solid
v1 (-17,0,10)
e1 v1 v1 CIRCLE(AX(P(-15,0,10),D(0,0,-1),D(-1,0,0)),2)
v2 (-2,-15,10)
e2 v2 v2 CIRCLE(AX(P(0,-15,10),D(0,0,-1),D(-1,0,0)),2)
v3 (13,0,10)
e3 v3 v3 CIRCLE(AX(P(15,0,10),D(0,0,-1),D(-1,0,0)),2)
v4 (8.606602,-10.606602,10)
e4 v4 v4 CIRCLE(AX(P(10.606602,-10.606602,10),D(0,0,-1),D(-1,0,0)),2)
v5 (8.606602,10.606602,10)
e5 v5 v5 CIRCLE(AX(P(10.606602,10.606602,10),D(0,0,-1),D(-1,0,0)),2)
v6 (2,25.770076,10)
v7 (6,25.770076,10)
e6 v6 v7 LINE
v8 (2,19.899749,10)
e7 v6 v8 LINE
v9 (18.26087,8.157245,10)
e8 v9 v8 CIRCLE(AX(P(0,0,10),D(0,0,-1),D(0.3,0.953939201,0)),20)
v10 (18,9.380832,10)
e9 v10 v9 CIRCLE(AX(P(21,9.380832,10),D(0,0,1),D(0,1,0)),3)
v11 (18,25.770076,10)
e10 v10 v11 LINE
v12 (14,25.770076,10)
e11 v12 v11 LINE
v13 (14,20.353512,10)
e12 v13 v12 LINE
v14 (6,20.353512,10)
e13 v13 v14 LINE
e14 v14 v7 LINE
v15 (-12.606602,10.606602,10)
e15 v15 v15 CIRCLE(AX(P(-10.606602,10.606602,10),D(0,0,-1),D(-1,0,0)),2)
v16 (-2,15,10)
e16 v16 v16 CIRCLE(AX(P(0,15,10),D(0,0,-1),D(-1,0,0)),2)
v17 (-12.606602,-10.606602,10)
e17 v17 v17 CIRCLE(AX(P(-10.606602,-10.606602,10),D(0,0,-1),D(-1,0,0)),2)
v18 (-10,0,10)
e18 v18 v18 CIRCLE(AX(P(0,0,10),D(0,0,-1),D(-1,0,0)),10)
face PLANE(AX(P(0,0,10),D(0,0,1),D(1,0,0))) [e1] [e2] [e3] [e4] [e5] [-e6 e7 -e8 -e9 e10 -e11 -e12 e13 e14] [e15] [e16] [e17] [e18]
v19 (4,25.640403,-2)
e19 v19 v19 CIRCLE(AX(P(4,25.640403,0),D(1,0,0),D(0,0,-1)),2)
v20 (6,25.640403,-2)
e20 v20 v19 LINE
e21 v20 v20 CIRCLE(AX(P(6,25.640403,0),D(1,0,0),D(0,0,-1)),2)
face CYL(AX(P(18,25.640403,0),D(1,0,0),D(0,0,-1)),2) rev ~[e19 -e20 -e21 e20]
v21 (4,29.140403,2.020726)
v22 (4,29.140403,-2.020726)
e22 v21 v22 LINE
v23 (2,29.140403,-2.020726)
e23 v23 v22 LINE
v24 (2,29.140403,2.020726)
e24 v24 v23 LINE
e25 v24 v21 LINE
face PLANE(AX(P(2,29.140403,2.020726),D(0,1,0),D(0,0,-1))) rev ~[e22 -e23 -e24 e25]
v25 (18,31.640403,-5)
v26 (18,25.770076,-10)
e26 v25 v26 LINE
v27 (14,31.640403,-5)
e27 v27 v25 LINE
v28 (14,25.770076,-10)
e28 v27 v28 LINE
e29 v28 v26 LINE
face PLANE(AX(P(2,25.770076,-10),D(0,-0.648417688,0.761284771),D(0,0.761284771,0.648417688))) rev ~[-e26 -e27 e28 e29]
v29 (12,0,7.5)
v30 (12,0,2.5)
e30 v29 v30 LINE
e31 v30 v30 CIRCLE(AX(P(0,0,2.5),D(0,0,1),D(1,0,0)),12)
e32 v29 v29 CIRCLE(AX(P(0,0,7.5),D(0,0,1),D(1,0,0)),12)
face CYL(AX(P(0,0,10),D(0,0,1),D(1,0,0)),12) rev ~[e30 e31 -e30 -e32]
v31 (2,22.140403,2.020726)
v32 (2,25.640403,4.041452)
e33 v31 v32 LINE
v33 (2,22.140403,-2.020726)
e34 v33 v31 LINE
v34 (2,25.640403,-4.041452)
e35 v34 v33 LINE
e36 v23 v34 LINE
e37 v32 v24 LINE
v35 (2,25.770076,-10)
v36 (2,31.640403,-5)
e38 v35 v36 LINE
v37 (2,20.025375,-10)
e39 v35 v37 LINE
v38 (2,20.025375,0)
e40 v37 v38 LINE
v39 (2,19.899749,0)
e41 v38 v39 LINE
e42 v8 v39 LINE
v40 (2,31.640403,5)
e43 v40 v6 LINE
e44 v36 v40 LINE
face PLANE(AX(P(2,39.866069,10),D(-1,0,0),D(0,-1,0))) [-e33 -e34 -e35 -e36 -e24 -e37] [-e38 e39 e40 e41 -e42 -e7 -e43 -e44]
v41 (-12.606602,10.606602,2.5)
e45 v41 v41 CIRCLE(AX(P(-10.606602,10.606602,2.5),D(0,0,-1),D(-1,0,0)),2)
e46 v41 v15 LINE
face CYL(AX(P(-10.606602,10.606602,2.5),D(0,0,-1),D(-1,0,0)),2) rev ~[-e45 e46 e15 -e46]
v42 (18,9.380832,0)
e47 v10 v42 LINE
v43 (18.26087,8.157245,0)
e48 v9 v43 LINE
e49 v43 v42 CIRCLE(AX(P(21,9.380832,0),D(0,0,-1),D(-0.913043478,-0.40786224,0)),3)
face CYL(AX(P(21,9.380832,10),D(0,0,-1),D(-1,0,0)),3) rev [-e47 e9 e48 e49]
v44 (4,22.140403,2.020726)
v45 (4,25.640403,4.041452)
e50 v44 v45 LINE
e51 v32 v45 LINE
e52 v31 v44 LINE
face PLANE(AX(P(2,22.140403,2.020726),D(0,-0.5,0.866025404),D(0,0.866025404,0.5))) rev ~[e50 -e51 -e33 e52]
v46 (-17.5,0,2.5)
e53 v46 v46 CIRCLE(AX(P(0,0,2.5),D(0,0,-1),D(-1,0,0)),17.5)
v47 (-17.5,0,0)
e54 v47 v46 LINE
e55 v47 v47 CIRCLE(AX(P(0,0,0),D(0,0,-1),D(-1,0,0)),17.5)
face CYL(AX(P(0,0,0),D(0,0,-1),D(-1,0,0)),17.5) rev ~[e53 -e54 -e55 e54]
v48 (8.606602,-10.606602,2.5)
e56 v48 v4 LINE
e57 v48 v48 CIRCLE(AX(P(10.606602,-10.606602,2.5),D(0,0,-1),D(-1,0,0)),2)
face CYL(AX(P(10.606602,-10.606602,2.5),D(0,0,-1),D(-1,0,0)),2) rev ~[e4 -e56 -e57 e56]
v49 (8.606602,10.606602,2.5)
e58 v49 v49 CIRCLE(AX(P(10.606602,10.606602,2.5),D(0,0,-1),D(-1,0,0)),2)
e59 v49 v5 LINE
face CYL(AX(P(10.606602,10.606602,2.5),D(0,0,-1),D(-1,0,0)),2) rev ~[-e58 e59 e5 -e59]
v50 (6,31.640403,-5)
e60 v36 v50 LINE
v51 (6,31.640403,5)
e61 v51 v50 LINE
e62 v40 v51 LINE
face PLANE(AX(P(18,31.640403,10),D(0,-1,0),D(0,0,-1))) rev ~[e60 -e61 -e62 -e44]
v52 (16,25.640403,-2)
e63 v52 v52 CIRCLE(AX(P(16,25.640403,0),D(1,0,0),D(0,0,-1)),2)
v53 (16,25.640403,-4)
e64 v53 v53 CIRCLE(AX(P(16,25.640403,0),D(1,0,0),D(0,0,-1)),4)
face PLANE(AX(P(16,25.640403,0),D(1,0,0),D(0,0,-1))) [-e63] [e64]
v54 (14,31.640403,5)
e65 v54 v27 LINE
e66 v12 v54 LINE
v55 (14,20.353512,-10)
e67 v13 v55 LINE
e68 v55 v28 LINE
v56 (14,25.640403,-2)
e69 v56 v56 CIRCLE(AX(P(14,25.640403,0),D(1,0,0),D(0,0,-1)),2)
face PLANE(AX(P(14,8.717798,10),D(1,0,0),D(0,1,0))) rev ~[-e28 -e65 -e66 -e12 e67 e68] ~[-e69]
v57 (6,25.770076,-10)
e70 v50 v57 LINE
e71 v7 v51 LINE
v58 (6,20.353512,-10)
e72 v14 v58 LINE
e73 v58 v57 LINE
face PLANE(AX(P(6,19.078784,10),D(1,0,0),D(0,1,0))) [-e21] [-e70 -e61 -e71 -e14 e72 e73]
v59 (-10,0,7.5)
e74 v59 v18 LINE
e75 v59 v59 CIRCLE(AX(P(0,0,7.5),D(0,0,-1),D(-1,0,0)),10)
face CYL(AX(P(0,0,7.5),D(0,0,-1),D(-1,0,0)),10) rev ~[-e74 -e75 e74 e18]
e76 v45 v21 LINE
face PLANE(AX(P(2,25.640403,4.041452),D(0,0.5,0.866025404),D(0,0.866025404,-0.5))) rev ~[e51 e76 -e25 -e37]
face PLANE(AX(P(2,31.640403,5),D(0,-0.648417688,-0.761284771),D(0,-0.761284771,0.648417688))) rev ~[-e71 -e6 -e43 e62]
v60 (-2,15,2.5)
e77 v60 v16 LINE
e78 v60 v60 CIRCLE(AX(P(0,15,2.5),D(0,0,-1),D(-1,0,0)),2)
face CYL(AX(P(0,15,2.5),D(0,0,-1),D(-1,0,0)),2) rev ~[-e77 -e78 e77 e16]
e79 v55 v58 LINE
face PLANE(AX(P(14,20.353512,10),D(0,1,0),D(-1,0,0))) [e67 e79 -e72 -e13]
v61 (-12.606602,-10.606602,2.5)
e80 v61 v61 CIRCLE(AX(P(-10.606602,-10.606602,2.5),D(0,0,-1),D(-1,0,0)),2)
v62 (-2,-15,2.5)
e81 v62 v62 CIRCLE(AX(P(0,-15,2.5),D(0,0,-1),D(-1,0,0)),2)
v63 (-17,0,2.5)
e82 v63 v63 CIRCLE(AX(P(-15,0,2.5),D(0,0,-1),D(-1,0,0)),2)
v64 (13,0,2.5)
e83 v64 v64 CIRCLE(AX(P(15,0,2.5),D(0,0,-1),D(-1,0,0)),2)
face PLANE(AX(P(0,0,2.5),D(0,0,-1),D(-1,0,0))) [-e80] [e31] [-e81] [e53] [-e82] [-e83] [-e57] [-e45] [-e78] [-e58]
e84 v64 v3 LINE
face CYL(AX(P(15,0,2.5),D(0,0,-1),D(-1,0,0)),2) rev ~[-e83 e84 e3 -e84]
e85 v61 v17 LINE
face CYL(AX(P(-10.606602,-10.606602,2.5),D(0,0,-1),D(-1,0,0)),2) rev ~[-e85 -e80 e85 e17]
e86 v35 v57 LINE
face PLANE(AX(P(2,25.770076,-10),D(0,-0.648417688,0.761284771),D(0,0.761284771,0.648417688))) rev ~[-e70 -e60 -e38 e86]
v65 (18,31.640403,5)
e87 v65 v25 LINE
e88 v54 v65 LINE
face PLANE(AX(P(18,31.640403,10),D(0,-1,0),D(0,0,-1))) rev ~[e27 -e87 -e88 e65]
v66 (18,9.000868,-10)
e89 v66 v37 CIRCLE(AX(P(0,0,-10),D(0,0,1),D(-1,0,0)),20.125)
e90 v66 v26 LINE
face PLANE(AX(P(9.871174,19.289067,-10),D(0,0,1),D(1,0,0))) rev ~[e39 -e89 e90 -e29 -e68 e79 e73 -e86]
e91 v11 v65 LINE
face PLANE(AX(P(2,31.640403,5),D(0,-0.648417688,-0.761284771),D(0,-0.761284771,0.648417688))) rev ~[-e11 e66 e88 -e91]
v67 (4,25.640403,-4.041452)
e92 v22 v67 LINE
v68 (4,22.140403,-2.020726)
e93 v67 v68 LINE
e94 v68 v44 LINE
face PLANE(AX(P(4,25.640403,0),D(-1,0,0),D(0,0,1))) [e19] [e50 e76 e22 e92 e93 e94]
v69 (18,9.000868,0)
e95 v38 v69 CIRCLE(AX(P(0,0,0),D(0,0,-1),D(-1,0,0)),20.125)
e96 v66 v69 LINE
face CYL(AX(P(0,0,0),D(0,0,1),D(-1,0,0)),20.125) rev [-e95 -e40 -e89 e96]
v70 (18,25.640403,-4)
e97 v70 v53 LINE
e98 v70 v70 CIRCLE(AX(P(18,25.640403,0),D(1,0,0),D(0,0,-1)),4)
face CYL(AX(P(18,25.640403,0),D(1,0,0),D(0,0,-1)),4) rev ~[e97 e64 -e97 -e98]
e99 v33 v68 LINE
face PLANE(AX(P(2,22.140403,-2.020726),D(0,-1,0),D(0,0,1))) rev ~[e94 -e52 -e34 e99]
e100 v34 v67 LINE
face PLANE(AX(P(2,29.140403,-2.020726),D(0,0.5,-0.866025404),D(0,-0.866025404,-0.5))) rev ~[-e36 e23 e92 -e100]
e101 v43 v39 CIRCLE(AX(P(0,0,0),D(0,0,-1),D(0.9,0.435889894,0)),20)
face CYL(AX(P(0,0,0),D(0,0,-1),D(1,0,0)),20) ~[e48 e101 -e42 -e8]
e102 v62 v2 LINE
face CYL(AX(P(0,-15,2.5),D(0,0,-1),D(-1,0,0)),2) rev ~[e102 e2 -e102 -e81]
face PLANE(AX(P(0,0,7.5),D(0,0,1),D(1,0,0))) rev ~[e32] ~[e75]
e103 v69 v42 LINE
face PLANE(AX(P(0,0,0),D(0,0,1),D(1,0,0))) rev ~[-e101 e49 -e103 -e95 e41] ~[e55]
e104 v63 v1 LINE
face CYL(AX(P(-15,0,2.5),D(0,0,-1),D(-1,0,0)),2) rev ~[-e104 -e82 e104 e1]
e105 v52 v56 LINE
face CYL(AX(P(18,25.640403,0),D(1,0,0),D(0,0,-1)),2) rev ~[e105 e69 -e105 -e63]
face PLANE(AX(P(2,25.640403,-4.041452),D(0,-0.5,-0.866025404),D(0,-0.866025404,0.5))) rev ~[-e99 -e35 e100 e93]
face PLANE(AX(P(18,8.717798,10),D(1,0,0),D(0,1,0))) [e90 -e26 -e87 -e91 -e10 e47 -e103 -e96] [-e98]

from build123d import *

# Parameters (mm, degrees)
SKETCH1_R               = 20
SKETCH1_R_2             = 15
BOSS_EXTRUDE1_DEPTH     = 10
BOSS_EXTRUDE2_DEPTH     = 20
SKETCH3_W               = 4
SKETCH3_H               = 31.92260483
BOSS_EXTRUDE4_DEPTH     = 20
BOSS_EXTRUDE5_DEPTH     = 20
SKETCH4_R               = 20
CUT_EXTRUDE1_DEPTH      = 11
CUT_EXTRUDE2_DEPTH      = 39
CUT_EXTRUDE3_DEPTH      = 39
SKETCH8_R               = 2
CUT_EXTRUDE4_DEPTH      = 39
FILLET4_R               = 3
SKETCH9_W               = 21.007104118
SKETCH9_H               = 10.314289307
CUT_EXTRUDE5_DEPTH      = 3
CUT_EXTRUDE5_DEPTH_BACK = 39
CUT_EXTRUDE6_DEPTH      = 19
CUT_EXTRUDE7_DEPTH      = 19
SKETCH12_R              = 4
CUT_EXTRUDE8_DEPTH      = 2
CUT_EXTRUDE9_DEPTH      = 2
BOSS_EXTRUDE7_DEPTH     = 20
SKETCH19_R              = 20.125
CUT_EXTRUDE11_DEPTH     = 11
SKETCH20_R              = 15
SKETCH20_R_2            = 12
BOSS_EXTRUDE8_DEPTH     = 10
SKETCH21_R              = 12
BOSS_EXTRUDE9_DEPTH     = 2.5
SKETCH22_R              = 10
CUT_EXTRUDE12_DEPTH     = 2.5
SKETCH23_R              = 17.5
CUT_EXTRUDE13_DEPTH     = 2.5
SKETCH24_R              = 2
CUT_EXTRUDE14_DEPTH     = 8.5


with BuildPart() as part:
    # Sketch1 → Boss-Extrude1 (new body)
    with BuildSketch(Plane.XY):
        Circle(SKETCH1_R)
        Circle(SKETCH1_R_2, mode=Mode.SUBTRACT)
    extrude(amount=BOSS_EXTRUDE1_DEPTH)

    # Sketch2 → Boss-Extrude2 (add)
    with BuildSketch(Plane.XY.offset(10)):
        with BuildLine():
            Line((2, 39.866068747), (2, 19.899748742))
            ThreePointArc((2, 19.899748742), (4.02100681, 19.591618214), (6, 19.078784028))
            Line((6, 19.078784028), (6, 39.866068747))
            Line((6, 39.866068747), (2, 39.866068747))
        make_face()
    extrude(amount=-BOSS_EXTRUDE2_DEPTH)

    # Sketch3 → Boss-Extrude4 (add)
    with BuildSketch(Plane.XY.offset(10)):
        with Locations((16, 24.679100302)):
            Rectangle(SKETCH3_W, SKETCH3_H)
    extrude(amount=-BOSS_EXTRUDE4_DEPTH)

    # Sketch5 → Boss-Extrude5 (add)
    with BuildSketch(Plane.XY.offset(10)):
        Polygon((14, 20.353512461), (10.603962903, 16.957475365), (14, 14.282856857), align=None)
    extrude(amount=-BOSS_EXTRUDE5_DEPTH)

    # Sketch4 → Cut-Extrude1 (cut, through all)
    with BuildSketch(Plane(origin=(0, 0, 0), x_dir=(-1, 0, 0), z_dir=(0, 0, -1))):
        Circle(SKETCH4_R)
    extrude(amount=CUT_EXTRUDE1_DEPTH, mode=Mode.SUBTRACT)

    # Sketch6 → Cut-Extrude2 (cut, through all)
    with BuildSketch(Plane(origin=(18, 0, 0), x_dir=(0, 0, -1), z_dir=(1, 0, 0))):
        Polygon((-10, 40.640402717), (-6, 40.640402717), (-10, 36.640402717), align=None)
    extrude(amount=-CUT_EXTRUDE2_DEPTH, mode=Mode.SUBTRACT)

    # Sketch7 → Cut-Extrude3 (cut, through all)
    with BuildSketch(Plane(origin=(18, 0, 0), x_dir=(0, 0, -1), z_dir=(1, 0, 0))):
        Polygon((10, 40.640402717), (6, 40.640402717), (10, 36.640402717), align=None)
    extrude(amount=-CUT_EXTRUDE3_DEPTH, mode=Mode.SUBTRACT)

    # Sketch8 → Cut-Extrude4 (cut, through all)
    with BuildSketch(Plane(origin=(18, 0, 0), x_dir=(0, 0, -1), z_dir=(1, 0, 0))):
        with Locations((0, 25.640402717)):
            Circle(SKETCH8_R)
    extrude(amount=-CUT_EXTRUDE4_DEPTH, mode=Mode.SUBTRACT)

    # Fillet4
    fillet4_edges = [part.edges().sort_by_distance(p)[0] for p in [
        (18, 8.717797887, 5),
    ]]
    fillet(fillet4_edges, radius=FILLET4_R)

    # Sketch9 → Cut-Extrude5 (cut, two sides)
    with BuildSketch(Plane(origin=(18, 0, 0), x_dir=(0, 0, -1), z_dir=(1, 0, 0))) as cut_extrude5_sk:
        with Locations((0.503552059, 36.79754737)):
            Rectangle(SKETCH9_W, SKETCH9_H)
    extrude(amount=CUT_EXTRUDE5_DEPTH, mode=Mode.SUBTRACT)
    extrude(cut_extrude5_sk.sketch, amount=-CUT_EXTRUDE5_DEPTH_BACK, mode=Mode.SUBTRACT)

    # Sketch10 → Cut-Extrude6 (cut, through all)
    with BuildSketch(Plane.ZY.offset(-2)):
        Polygon((10, 31.640402717), (5, 31.640402717), (10, 25.770075729), align=None)
    extrude(amount=-CUT_EXTRUDE6_DEPTH, mode=Mode.SUBTRACT)

    # Sketch11 → Cut-Extrude7 (cut, through all)
    with BuildSketch(Plane.ZY.offset(-2)):
        Polygon((-10, 31.640402717), (-10, 25.770075729), (-5, 31.640402717), align=None)
    extrude(amount=-CUT_EXTRUDE7_DEPTH, mode=Mode.SUBTRACT)

    # Sketch12 → Cut-Extrude8 (cut)
    with BuildSketch(Plane(origin=(18, 0, 0), x_dir=(0, 0, -1), z_dir=(1, 0, 0))):
        with Locations((0, 25.640402717)):
            Circle(SKETCH12_R)
    extrude(amount=-CUT_EXTRUDE8_DEPTH, mode=Mode.SUBTRACT)

    # Sketch13 → Cut-Extrude9 (cut)
    with BuildSketch(Plane.ZY.offset(-2)):
        Polygon((4.041451884, 25.640402717), (2.020725942, 29.140402717), (-2.020725942, 29.140402717), (-4.041451884, 25.640402717), (-2.020725942, 22.140402717), (2.020725942, 22.140402717), align=None)
    extrude(amount=-CUT_EXTRUDE9_DEPTH, mode=Mode.SUBTRACT)

    # Sketch16 → Boss-Extrude7 (add)
    with BuildSketch(Plane.XY.offset(10)):
        with BuildLine():
            Line((14, 20.353512461), (6, 20.353512461))
            Line((6, 20.353512461), (6, 19.078784028))
            ThreePointArc((6, 19.078784028), (8.369461371, 18.164584123), (10.603962903, 16.957475365))
            Line((10.603962903, 16.957475365), (14, 20.353512461))
        make_face()
    extrude(amount=-BOSS_EXTRUDE7_DEPTH)

    # Sketch19 → Cut-Extrude11 (cut, through all)
    with BuildSketch(Plane(origin=(0, 0, 0), x_dir=(-1, 0, 0), z_dir=(0, 0, -1))):
        Circle(SKETCH19_R)
    extrude(amount=CUT_EXTRUDE11_DEPTH, mode=Mode.SUBTRACT)

    # Sketch20 → Boss-Extrude8 (add)
    with BuildSketch(Plane.XY.offset(10)):
        Circle(SKETCH20_R)
        Circle(SKETCH20_R_2, mode=Mode.SUBTRACT)
    extrude(amount=-BOSS_EXTRUDE8_DEPTH)

    # Sketch21 → Boss-Extrude9 (add)
    with BuildSketch(Plane.XY.offset(10)):
        Circle(SKETCH21_R)
    extrude(amount=-BOSS_EXTRUDE9_DEPTH)

    # Sketch22 → Cut-Extrude12 (cut)
    with BuildSketch(Plane(origin=(0, 0, 7.5), x_dir=(-1, 0, 0), z_dir=(0, 0, -1))):
        Circle(SKETCH22_R)
    extrude(amount=-CUT_EXTRUDE12_DEPTH, mode=Mode.SUBTRACT)

    # Sketch23 → Cut-Extrude13 (cut)
    with BuildSketch(Plane(origin=(0, 0, 0), x_dir=(-1, 0, 0), z_dir=(0, 0, -1))):
        Circle(SKETCH23_R)
    extrude(amount=-CUT_EXTRUDE13_DEPTH, mode=Mode.SUBTRACT)

    # Sketch24 → Cut-Extrude14 (cut, through all)
    with BuildSketch(Plane(origin=(0, 0, 2.5), x_dir=(-1, 0, 0), z_dir=(0, 0, -1))):
        with Locations((0, 15)):
            Circle(SKETCH24_R)
        with Locations((10.606601718, 10.606601718)):
            Circle(SKETCH24_R)
        with Locations((15, 0)):
            Circle(SKETCH24_R)
        with Locations((10.606601718, -10.606601718)):
            Circle(SKETCH24_R)
        with Locations((0, -15)):
            Circle(SKETCH24_R)
        with Locations((-10.606601718, -10.606601718)):
            Circle(SKETCH24_R)
        with Locations((-15, 0)):
            Circle(SKETCH24_R)
        with Locations((-10.606601718, 10.606601718)):
            Circle(SKETCH24_R)
    extrude(amount=-CUT_EXTRUDE14_DEPTH, mode=Mode.SUBTRACT)


solid = part.part
